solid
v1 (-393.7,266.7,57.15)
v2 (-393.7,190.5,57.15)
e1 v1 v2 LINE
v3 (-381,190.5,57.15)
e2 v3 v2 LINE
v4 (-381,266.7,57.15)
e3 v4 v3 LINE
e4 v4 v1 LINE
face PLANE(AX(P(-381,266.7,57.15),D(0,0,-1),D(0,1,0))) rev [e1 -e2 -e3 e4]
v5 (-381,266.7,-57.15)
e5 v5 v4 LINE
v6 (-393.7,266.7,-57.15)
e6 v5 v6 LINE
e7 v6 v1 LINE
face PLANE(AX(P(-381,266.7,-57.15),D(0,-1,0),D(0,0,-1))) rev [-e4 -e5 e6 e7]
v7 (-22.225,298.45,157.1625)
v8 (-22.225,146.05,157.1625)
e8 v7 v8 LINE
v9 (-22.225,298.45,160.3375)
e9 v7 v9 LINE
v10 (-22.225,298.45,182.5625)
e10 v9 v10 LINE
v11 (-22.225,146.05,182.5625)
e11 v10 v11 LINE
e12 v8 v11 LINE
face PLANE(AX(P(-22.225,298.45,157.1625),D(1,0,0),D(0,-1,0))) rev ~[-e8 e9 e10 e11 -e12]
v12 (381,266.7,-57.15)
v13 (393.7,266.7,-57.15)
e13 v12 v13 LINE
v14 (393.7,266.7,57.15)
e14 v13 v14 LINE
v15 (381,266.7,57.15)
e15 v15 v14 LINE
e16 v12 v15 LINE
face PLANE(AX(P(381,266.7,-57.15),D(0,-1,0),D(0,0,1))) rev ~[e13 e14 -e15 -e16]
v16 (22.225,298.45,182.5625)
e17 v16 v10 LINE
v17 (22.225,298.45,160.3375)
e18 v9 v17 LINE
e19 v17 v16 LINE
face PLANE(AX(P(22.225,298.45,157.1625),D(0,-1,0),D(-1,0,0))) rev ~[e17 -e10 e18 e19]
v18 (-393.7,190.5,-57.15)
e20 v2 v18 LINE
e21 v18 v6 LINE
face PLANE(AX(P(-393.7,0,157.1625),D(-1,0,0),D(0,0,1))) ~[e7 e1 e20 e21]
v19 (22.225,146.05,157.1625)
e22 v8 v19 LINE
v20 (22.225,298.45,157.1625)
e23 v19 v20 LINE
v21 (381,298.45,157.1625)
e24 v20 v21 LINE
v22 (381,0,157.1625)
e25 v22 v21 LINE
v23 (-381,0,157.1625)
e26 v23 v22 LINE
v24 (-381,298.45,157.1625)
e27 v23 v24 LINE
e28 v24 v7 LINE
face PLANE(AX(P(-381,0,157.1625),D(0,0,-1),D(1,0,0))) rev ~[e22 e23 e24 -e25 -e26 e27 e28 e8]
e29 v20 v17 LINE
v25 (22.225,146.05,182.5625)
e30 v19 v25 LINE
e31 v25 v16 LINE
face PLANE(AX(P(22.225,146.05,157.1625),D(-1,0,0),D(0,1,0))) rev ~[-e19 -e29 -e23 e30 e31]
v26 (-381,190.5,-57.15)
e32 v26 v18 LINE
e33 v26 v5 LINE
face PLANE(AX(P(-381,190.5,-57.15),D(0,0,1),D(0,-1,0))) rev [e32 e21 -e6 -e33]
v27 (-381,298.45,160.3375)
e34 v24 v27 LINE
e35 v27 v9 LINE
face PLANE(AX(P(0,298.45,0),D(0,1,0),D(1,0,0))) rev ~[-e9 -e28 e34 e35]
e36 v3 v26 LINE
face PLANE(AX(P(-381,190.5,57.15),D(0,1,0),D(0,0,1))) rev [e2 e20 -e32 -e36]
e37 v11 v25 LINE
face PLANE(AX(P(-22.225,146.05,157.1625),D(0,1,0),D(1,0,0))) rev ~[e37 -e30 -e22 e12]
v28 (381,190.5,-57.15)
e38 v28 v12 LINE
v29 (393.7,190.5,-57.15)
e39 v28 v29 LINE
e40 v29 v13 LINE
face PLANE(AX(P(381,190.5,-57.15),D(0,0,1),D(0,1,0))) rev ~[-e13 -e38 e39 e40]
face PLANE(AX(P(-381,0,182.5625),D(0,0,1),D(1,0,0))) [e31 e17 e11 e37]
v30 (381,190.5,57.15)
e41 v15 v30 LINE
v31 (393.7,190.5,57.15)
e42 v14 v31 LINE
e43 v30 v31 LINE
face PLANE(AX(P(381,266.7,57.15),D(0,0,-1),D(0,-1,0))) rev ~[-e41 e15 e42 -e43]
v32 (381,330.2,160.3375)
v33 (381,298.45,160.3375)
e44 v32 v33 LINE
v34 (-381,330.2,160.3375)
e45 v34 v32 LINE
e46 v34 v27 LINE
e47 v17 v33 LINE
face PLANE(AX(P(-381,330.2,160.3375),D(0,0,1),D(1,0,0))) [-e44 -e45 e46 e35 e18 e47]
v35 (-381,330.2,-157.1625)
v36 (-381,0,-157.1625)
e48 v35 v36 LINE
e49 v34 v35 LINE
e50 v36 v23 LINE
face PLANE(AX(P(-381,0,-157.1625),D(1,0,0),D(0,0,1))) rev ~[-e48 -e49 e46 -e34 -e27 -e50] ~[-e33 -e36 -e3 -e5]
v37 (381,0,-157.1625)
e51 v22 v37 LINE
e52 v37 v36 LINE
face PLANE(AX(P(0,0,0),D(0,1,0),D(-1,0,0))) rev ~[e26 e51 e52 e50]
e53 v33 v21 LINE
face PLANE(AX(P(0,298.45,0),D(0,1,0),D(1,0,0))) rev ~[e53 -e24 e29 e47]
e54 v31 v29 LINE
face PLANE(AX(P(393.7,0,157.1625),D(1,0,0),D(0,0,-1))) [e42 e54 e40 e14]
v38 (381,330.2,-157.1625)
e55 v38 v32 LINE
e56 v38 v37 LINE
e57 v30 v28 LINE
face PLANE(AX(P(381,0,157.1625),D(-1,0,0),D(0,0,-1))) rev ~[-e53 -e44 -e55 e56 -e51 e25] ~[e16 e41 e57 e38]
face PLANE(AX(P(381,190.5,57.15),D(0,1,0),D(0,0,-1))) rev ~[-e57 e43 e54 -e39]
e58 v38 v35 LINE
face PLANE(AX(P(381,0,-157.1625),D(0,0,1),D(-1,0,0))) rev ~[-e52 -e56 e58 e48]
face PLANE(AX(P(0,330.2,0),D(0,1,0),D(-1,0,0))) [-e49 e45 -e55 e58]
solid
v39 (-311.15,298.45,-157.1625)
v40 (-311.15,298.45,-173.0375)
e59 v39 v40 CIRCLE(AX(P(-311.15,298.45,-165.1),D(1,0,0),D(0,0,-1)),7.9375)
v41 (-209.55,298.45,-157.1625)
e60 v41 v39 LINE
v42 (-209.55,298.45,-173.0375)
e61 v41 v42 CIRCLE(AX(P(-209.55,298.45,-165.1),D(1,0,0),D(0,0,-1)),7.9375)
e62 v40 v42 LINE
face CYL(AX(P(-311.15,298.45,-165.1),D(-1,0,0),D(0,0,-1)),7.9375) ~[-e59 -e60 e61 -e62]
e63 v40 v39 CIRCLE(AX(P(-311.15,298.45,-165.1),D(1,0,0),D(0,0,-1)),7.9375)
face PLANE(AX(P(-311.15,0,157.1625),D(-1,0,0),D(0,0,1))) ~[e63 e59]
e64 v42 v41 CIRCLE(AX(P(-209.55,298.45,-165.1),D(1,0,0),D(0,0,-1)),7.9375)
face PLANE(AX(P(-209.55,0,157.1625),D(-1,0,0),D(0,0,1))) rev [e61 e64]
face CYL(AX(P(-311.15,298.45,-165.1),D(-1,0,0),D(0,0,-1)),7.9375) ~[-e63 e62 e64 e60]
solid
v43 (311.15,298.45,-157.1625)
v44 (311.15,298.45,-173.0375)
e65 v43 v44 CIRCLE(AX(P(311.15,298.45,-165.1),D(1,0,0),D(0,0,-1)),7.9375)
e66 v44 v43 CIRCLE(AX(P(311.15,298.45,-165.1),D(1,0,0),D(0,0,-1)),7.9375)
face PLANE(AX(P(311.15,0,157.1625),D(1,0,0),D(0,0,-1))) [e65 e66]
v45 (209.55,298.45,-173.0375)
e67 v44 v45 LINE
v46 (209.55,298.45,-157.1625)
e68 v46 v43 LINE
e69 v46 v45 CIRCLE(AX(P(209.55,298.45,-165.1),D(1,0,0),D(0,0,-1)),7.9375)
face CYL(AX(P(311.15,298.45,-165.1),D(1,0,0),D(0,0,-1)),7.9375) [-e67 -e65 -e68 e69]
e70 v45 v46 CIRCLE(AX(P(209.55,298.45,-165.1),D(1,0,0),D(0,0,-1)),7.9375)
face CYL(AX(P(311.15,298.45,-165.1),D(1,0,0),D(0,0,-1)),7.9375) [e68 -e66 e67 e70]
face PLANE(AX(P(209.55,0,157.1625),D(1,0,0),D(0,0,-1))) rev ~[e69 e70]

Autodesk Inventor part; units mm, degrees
ref_plane "YZ Plane" through (0, 0, 0) normal (1, 0, 0) x (0, 1, 0)
ref_plane "XZ Plane" through (0, 0, 0) normal (0, 1, 0) x (-1, 0, 0)
sketch "Sketch1" plane through (0, 0, 0) normal (0, 1, 0) x (-1, 0, 0)
  line L0 (381, 157.1625) -> (-381, 157.1625)
  line L1 (-381, 157.1625) -> (-381, -157.1625)
  line L2 (-381, -157.1625) -> (381, -157.1625)
  line L3 (381, -157.1625) -> (381, 157.1625)
  line L4 (381, 157.1625) -> (-381, -157.1625) construction
  line L5 (-381, 157.1625) -> (381, -157.1625) construction
  point P0 (0, 0)
  dimension "d0" = 762
  dimension "d1" = 314.325
extrude "Extrusion1" add sketch "Sketch1" along normal blind 330.2
sketch "Sketch2" plane through (0, 330.2, 0) normal (0, 1, 0) x (1, 0, 0)
  line L0 (-381, 157.1625) -> (-381, -157.1625) projected
  line L1 (381, 157.1625) -> (-381, 157.1625) projected
  line L2 (381, -157.1625) -> (381, 157.1625) projected
  line L3 (-381, -157.1625) -> (-381, -160.3375)
  line L4 (-381, -160.3375) -> (381, -160.3375)
  line L5 (381, -160.3375) -> (381, -157.1625)
  point P0 (0, 0)
  dimension "d4" = 3.175
extrude "Extrusion2" add sketch "Sketch2" against normal blind 31.75
sketch "Sketch3" plane through (-381, 0, 157.1625) normal (0, 0, 1) x (1, 0, 0)
  line L0 (358.775, 146.05) -> (403.225, 146.05)
  line L1 (403.225, 146.05) -> (403.225, 298.45)
  line L2 (403.225, 298.45) -> (358.775, 298.45)
  line L3 (358.775, 298.45) -> (358.775, 146.05)
  line L4 (762, 298.45) -> (0, 298.45) construction
  point P0 (381, 0)
  point P1 (381, 146.05)
  dimension "d7" = 44.45
  dimension "d8" = 146.05
extrude "Extrusion3" add sketch "Sketch3" along normal blind 25.4
sketch "Sketch4" plane through (381, 0, 157.1625) normal (1, 0, 0) x (0, 0, -1)
  line L0 (100.0125, 190.5) -> (214.3125, 190.5)
  line L1 (214.3125, 190.5) -> (214.3125, 266.7)
  line L2 (214.3125, 266.7) -> (100.0125, 266.7)
  line L3 (100.0125, 266.7) -> (100.0125, 190.5)
  point P0 (157.1625, 0)
  point P1 (157.1625, 190.5)
  dimension "d11" = 114.3
  dimension "d12" = 190.5
  dimension "d13" = 76.2
extrude "Extrusion4" add sketch "Sketch4" along normal blind 12.7
ref_plane "Work Plane1" through (311.15, 0, 157.1625) normal (1, 0, 0) x (0, 0, -1)
sketch "Sketch5" plane through (311.15, 0, 157.1625) normal (1, 0, 0) x (0, 0, -1)
  line L0 (314.325, 0) -> (314.325, 330.2) construction
  line L1 (0, 298.45) -> (-3.175, 298.45) construction
  circle A0 centre (322.2625, 298.45) radius 7.9375
  point P0 (157.1625, 0)
  dimension "d17" = 15.875
extrude "Extrusion5" add sketch "Sketch5" against normal blind 101.6
mirror "Mirror1" about plane through (0, 0, 0) normal (1, 0, 0) of "Extrusion5", "Extrusion4"
properties part number "Aluminum tool box" material "Aluminum 6061"
